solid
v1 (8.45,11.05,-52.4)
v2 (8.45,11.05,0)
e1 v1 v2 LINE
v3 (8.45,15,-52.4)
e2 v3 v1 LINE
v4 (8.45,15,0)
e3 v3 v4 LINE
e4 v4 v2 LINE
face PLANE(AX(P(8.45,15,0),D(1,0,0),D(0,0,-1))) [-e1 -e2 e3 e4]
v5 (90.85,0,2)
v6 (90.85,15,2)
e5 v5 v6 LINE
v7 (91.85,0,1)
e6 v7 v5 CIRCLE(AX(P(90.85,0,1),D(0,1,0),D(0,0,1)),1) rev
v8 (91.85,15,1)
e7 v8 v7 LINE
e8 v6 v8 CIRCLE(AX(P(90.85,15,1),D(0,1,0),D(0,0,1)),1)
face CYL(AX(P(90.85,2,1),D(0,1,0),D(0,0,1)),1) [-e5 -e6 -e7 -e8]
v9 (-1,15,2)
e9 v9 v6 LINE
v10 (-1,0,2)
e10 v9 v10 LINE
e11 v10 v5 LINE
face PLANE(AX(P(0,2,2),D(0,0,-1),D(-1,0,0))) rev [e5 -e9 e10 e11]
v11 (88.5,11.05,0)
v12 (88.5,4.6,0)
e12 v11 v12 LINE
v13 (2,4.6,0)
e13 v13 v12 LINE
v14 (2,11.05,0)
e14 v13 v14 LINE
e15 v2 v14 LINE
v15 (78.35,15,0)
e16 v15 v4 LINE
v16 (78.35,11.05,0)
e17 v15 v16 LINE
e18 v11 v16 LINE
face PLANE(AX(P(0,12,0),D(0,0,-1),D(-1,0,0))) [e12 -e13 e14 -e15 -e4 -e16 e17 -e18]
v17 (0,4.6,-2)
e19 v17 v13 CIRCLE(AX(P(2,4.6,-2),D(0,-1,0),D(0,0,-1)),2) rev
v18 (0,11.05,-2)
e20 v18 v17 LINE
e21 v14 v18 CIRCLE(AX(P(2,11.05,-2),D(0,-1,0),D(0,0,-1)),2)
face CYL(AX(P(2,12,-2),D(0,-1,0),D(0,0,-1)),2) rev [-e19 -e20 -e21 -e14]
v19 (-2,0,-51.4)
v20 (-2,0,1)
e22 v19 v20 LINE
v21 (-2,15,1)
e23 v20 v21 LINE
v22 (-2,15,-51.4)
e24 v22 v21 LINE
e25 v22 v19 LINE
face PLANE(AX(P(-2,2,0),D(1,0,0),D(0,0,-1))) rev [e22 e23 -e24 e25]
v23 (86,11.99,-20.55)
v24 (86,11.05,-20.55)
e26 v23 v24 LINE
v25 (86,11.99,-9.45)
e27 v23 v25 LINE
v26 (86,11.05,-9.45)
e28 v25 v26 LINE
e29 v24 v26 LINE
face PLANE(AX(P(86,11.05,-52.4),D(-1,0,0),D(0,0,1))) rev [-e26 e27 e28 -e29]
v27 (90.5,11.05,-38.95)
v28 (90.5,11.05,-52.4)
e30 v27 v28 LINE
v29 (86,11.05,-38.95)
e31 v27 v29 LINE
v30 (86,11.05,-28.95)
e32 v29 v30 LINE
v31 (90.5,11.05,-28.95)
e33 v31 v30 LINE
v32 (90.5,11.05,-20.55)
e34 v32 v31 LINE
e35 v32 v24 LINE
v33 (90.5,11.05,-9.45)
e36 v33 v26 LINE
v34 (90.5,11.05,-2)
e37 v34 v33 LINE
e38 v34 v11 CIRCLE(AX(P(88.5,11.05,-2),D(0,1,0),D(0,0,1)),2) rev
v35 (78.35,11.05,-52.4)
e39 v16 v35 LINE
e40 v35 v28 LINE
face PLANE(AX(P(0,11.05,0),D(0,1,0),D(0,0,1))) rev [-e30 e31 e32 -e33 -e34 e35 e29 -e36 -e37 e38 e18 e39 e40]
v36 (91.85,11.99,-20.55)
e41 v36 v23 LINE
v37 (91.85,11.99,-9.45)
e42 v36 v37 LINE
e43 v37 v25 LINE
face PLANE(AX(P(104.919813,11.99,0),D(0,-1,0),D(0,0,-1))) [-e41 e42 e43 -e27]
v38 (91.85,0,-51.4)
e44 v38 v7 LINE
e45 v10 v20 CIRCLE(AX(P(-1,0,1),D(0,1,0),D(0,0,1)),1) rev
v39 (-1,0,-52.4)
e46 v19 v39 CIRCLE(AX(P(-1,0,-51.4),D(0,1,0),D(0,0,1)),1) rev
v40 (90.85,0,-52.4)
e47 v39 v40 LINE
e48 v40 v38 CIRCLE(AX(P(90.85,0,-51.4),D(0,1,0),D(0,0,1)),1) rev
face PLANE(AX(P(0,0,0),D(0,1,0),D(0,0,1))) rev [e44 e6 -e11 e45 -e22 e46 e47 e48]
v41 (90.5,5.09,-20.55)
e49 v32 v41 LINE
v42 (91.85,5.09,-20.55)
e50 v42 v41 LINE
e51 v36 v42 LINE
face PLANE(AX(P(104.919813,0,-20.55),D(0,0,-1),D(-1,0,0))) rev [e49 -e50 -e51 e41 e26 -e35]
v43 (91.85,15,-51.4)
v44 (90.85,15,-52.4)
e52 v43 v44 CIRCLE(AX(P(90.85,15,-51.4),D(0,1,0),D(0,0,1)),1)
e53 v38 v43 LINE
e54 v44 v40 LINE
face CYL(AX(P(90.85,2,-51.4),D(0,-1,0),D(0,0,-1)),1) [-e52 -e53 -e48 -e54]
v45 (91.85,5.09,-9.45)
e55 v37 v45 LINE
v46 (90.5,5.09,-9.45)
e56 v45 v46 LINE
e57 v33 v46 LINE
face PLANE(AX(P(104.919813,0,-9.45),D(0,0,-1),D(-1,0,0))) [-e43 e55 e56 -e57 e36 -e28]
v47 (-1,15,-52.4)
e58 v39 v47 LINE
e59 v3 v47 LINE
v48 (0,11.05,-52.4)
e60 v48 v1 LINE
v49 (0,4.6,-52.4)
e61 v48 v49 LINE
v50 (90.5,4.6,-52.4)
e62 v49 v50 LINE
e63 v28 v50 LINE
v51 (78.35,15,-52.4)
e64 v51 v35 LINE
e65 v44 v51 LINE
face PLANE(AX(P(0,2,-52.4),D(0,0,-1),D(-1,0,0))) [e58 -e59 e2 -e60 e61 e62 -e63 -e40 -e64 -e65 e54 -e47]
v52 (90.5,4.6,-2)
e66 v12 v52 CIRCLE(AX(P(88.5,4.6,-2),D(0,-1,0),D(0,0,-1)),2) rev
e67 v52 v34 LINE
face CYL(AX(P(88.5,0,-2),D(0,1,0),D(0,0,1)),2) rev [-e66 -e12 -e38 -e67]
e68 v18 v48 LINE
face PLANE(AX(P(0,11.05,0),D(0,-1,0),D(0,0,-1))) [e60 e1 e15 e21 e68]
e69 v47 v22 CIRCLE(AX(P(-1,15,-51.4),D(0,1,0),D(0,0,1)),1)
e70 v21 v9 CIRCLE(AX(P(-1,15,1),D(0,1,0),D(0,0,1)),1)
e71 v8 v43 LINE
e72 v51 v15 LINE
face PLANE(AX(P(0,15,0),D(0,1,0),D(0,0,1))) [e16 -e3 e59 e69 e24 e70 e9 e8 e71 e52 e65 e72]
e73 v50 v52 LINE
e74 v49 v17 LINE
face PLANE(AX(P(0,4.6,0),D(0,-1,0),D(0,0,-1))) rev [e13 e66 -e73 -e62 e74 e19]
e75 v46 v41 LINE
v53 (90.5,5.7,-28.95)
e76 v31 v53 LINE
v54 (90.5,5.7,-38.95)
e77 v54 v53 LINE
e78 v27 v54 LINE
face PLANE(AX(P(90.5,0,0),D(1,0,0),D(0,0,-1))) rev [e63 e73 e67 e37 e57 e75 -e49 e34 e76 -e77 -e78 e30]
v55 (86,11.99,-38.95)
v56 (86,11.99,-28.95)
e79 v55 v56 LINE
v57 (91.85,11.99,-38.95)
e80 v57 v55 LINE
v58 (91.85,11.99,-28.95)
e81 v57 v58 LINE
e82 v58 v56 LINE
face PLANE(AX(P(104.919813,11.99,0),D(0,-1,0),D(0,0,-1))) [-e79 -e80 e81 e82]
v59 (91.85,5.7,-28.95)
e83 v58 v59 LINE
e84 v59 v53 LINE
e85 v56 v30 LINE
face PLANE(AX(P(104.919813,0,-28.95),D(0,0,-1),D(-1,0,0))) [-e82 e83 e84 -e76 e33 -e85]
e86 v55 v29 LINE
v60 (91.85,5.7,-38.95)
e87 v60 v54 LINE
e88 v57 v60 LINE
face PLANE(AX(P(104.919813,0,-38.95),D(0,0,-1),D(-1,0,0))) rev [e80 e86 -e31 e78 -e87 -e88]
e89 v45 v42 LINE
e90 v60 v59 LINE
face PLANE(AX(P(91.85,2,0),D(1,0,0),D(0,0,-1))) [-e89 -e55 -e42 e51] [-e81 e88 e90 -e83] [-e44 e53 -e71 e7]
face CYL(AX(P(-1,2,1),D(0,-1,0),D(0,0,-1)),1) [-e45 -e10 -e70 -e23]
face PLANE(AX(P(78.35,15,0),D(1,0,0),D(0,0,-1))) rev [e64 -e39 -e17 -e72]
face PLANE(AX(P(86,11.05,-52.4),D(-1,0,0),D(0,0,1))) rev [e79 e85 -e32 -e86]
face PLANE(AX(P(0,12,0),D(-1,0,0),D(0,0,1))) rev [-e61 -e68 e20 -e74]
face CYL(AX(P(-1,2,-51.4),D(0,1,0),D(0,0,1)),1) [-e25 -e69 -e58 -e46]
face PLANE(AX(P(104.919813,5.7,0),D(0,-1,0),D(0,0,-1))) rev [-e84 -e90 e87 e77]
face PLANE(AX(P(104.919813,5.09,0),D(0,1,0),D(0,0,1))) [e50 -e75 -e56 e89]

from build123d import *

# Parameters (mm, degrees)
SKETCH1_W           = 93.85
SKETCH1_H           = 54.4
SKETCH1_W_2         = 89.85
SKETCH1_H_2         = 50.4
SKETCH1_W_3         = 8.5
SKETCH1_W_4         = 72.85
BOSS_EXTRUDE1_DEPTH = 2
SKETCH2_W           = 93.85
SKETCH2_H           = 54.4
SKETCH2_W_2         = 86
SKETCH2_H_2         = 50
BOSS_EXTRUDE2_DEPTH = 10
SKETCH3_W           = 8.45
SKETCH3_H           = 50
SKETCH3_W_2         = 69.9
SKETCH3_H_2         = 2
SKETCH3_W_3         = 7.65
BOSS_EXTRUDE3_DEPTH = 3
SKETCH5_W           = 10
SKETCH5_H           = 6.29
SKETCH5_W_2         = 11.1
SKETCH5_H_2         = 6.9
CUT_EXTRUDE1_DEPTH  = 5.85
SKETCH6_W           = 86
SKETCH6_H           = 50
BOSS_EXTRUDE4_DEPTH = 2.6
SKETCH8_W           = 86
SKETCH8_H           = 7.4
CUT_EXTRUDE2_DEPTH  = 2.4
SKETCH9_W           = 7.65
SKETCH9_H           = 52.4
SKETCH9_W_2         = 8.45
BOSS_EXTRUDE5_DEPTH = 0.95
SKETCH13_W          = 52.4
SKETCH13_H          = 6.45
CUT_EXTRUDE4_DEPTH  = 3
SKETCH14_W          = 52.4
SKETCH14_H          = 6.45
CUT_EXTRUDE5_DEPTH  = 1.5
FILLET1_R           = 2
FILLET2_R           = 1


with BuildPart() as part:
    # Sketch1 → Boss-Extrude1 (new body)
    # profile 1 of 4: a face of its own
    with BuildSketch(Plane(origin=(0, 0, 0), x_dir=(1, 0, 0), z_dir=(0, 1, 0))):
        with Locations((44.925, 25.2)):
            Rectangle(SKETCH1_W, SKETCH1_H)
        with Locations((44.925, 25.2)):
            Rectangle(SKETCH1_W_2, SKETCH1_H_2, mode=Mode.SUBTRACT)
    # profile 2 of 4: a face of its own
    with BuildSketch(Plane(origin=(0, 0, 0), x_dir=(1, 0, 0), z_dir=(0, 1, 0))):
        with Locations((4.25, 25.2)):
            Rectangle(SKETCH1_W_3, SKETCH1_H_2)
    # profile 3 of 4: a face of its own
    with BuildSketch(Plane(origin=(0, 0, 0), x_dir=(1, 0, 0), z_dir=(0, 1, 0))):
        with Locations((44.925, 25.2)):
            Rectangle(SKETCH1_W_4, SKETCH1_H_2)
    # profile 4 of 4: a face of its own
    with BuildSketch(Plane(origin=(0, 0, 0), x_dir=(1, 0, 0), z_dir=(0, 1, 0))):
        with Locations((85.6, 25.2)):
            Rectangle(SKETCH1_W_3, SKETCH1_H_2)
    extrude(amount=BOSS_EXTRUDE1_DEPTH)

    # Sketch2 → Boss-Extrude2 (add)
    with BuildSketch(Plane(origin=(0, 2, 0), x_dir=(1, 0, 0), z_dir=(0, 1, 0))):
        with Locations((44.925, 25.2)):
            Rectangle(SKETCH2_W, SKETCH2_H)
        with Locations((43, 25)):
            Rectangle(SKETCH2_W_2, SKETCH2_H_2, mode=Mode.SUBTRACT)
    extrude(amount=BOSS_EXTRUDE2_DEPTH)

    # Sketch3 → Boss-Extrude3 (add)
    with BuildSketch(Plane(origin=(0, 12, 0), x_dir=(1, 0, 0), z_dir=(0, 1, 0))):
        with Locations((4.225, 25)):
            Rectangle(SKETCH3_W, SKETCH3_H)
        Polygon((8.45, 52.4), (-2, 52.4), (-2, -2), (8.45, -2), (8.45, 0), (0, 0), (0, 50), (8.45, 50), align=None)
        with Locations((43.4, -1)):
            Rectangle(SKETCH3_W_2, SKETCH3_H_2)
        with Locations((82.175, 25)):
            Rectangle(SKETCH3_W_3, SKETCH3_H)
        Polygon((91.85, 52.4), (78.35, 52.4), (78.35, 50), (86, 50), (86, 0), (78.35, 0), (78.35, -2), (91.85, -2), align=None)
    extrude(amount=BOSS_EXTRUDE3_DEPTH)

    # Sketch5 → Cut-Extrude1 (cut)
    with BuildSketch(Plane.ZY.offset(-86)):
        with Locations((-33.95, 8.845)):
            Rectangle(SKETCH5_W, SKETCH5_H)
        with Locations((-15, 8.54)):
            Rectangle(SKETCH5_W_2, SKETCH5_H_2)
    extrude(amount=-CUT_EXTRUDE1_DEPTH, mode=Mode.SUBTRACT)

    # Sketch6 → Boss-Extrude4 (add)
    with BuildSketch(Plane(origin=(0, 2, 0), x_dir=(1, 0, 0), z_dir=(0, 1, 0))):
        with Locations((43, 25)):
            Rectangle(SKETCH6_W, SKETCH6_H)
    extrude(amount=BOSS_EXTRUDE4_DEPTH)

    # Sketch8 → Cut-Extrude2 (cut)
    with BuildSketch(Plane.XY.offset(-50)):
        with Locations((43, 8.3)):
            Rectangle(SKETCH8_W, SKETCH8_H)
    extrude(amount=-CUT_EXTRUDE2_DEPTH, mode=Mode.SUBTRACT)

    # Sketch9 → Boss-Extrude5 (add)
    with BuildSketch(Plane.XZ.offset(-12)):
        with Locations((82.175, -26.2)):
            Rectangle(SKETCH9_W, SKETCH9_H)
        with Locations((4.225, -26.2)):
            Rectangle(SKETCH9_W_2, SKETCH9_H)
    extrude(amount=BOSS_EXTRUDE5_DEPTH)

    # Sketch13 → Cut-Extrude4 (cut)
    with BuildSketch(Plane.ZY.offset(-86)):
        with Locations((-26.2, 7.825)):
            Rectangle(SKETCH13_W, SKETCH13_H)
    extrude(amount=-CUT_EXTRUDE4_DEPTH, mode=Mode.SUBTRACT)

    # Sketch14 → Cut-Extrude5 (cut)
    with BuildSketch(Plane.ZY.offset(-89)):
        with Locations((-26.2, 7.825)):
            Rectangle(SKETCH14_W, SKETCH14_H)
    extrude(amount=-CUT_EXTRUDE5_DEPTH, mode=Mode.SUBTRACT)

    # Fillet1
    fillet1_edges = [part.edges().sort_by_distance(p)[0] for p in [
        (0, 7.825, 0),
        (90.5, 7.825, 0),
    ]]
    fillet(fillet1_edges, radius=FILLET1_R)

    # Fillet2
    fillet2_edges = [part.edges().sort_by_distance(p)[0] for p in [
        (91.85, 7.5, 2),
        (-2, 7.5, 2),
        (-2, 7.5, -52.4),
        (91.85, 7.5, -52.4),
    ]]
    fillet(fillet2_edges, radius=FILLET2_R)


solid = part.part
